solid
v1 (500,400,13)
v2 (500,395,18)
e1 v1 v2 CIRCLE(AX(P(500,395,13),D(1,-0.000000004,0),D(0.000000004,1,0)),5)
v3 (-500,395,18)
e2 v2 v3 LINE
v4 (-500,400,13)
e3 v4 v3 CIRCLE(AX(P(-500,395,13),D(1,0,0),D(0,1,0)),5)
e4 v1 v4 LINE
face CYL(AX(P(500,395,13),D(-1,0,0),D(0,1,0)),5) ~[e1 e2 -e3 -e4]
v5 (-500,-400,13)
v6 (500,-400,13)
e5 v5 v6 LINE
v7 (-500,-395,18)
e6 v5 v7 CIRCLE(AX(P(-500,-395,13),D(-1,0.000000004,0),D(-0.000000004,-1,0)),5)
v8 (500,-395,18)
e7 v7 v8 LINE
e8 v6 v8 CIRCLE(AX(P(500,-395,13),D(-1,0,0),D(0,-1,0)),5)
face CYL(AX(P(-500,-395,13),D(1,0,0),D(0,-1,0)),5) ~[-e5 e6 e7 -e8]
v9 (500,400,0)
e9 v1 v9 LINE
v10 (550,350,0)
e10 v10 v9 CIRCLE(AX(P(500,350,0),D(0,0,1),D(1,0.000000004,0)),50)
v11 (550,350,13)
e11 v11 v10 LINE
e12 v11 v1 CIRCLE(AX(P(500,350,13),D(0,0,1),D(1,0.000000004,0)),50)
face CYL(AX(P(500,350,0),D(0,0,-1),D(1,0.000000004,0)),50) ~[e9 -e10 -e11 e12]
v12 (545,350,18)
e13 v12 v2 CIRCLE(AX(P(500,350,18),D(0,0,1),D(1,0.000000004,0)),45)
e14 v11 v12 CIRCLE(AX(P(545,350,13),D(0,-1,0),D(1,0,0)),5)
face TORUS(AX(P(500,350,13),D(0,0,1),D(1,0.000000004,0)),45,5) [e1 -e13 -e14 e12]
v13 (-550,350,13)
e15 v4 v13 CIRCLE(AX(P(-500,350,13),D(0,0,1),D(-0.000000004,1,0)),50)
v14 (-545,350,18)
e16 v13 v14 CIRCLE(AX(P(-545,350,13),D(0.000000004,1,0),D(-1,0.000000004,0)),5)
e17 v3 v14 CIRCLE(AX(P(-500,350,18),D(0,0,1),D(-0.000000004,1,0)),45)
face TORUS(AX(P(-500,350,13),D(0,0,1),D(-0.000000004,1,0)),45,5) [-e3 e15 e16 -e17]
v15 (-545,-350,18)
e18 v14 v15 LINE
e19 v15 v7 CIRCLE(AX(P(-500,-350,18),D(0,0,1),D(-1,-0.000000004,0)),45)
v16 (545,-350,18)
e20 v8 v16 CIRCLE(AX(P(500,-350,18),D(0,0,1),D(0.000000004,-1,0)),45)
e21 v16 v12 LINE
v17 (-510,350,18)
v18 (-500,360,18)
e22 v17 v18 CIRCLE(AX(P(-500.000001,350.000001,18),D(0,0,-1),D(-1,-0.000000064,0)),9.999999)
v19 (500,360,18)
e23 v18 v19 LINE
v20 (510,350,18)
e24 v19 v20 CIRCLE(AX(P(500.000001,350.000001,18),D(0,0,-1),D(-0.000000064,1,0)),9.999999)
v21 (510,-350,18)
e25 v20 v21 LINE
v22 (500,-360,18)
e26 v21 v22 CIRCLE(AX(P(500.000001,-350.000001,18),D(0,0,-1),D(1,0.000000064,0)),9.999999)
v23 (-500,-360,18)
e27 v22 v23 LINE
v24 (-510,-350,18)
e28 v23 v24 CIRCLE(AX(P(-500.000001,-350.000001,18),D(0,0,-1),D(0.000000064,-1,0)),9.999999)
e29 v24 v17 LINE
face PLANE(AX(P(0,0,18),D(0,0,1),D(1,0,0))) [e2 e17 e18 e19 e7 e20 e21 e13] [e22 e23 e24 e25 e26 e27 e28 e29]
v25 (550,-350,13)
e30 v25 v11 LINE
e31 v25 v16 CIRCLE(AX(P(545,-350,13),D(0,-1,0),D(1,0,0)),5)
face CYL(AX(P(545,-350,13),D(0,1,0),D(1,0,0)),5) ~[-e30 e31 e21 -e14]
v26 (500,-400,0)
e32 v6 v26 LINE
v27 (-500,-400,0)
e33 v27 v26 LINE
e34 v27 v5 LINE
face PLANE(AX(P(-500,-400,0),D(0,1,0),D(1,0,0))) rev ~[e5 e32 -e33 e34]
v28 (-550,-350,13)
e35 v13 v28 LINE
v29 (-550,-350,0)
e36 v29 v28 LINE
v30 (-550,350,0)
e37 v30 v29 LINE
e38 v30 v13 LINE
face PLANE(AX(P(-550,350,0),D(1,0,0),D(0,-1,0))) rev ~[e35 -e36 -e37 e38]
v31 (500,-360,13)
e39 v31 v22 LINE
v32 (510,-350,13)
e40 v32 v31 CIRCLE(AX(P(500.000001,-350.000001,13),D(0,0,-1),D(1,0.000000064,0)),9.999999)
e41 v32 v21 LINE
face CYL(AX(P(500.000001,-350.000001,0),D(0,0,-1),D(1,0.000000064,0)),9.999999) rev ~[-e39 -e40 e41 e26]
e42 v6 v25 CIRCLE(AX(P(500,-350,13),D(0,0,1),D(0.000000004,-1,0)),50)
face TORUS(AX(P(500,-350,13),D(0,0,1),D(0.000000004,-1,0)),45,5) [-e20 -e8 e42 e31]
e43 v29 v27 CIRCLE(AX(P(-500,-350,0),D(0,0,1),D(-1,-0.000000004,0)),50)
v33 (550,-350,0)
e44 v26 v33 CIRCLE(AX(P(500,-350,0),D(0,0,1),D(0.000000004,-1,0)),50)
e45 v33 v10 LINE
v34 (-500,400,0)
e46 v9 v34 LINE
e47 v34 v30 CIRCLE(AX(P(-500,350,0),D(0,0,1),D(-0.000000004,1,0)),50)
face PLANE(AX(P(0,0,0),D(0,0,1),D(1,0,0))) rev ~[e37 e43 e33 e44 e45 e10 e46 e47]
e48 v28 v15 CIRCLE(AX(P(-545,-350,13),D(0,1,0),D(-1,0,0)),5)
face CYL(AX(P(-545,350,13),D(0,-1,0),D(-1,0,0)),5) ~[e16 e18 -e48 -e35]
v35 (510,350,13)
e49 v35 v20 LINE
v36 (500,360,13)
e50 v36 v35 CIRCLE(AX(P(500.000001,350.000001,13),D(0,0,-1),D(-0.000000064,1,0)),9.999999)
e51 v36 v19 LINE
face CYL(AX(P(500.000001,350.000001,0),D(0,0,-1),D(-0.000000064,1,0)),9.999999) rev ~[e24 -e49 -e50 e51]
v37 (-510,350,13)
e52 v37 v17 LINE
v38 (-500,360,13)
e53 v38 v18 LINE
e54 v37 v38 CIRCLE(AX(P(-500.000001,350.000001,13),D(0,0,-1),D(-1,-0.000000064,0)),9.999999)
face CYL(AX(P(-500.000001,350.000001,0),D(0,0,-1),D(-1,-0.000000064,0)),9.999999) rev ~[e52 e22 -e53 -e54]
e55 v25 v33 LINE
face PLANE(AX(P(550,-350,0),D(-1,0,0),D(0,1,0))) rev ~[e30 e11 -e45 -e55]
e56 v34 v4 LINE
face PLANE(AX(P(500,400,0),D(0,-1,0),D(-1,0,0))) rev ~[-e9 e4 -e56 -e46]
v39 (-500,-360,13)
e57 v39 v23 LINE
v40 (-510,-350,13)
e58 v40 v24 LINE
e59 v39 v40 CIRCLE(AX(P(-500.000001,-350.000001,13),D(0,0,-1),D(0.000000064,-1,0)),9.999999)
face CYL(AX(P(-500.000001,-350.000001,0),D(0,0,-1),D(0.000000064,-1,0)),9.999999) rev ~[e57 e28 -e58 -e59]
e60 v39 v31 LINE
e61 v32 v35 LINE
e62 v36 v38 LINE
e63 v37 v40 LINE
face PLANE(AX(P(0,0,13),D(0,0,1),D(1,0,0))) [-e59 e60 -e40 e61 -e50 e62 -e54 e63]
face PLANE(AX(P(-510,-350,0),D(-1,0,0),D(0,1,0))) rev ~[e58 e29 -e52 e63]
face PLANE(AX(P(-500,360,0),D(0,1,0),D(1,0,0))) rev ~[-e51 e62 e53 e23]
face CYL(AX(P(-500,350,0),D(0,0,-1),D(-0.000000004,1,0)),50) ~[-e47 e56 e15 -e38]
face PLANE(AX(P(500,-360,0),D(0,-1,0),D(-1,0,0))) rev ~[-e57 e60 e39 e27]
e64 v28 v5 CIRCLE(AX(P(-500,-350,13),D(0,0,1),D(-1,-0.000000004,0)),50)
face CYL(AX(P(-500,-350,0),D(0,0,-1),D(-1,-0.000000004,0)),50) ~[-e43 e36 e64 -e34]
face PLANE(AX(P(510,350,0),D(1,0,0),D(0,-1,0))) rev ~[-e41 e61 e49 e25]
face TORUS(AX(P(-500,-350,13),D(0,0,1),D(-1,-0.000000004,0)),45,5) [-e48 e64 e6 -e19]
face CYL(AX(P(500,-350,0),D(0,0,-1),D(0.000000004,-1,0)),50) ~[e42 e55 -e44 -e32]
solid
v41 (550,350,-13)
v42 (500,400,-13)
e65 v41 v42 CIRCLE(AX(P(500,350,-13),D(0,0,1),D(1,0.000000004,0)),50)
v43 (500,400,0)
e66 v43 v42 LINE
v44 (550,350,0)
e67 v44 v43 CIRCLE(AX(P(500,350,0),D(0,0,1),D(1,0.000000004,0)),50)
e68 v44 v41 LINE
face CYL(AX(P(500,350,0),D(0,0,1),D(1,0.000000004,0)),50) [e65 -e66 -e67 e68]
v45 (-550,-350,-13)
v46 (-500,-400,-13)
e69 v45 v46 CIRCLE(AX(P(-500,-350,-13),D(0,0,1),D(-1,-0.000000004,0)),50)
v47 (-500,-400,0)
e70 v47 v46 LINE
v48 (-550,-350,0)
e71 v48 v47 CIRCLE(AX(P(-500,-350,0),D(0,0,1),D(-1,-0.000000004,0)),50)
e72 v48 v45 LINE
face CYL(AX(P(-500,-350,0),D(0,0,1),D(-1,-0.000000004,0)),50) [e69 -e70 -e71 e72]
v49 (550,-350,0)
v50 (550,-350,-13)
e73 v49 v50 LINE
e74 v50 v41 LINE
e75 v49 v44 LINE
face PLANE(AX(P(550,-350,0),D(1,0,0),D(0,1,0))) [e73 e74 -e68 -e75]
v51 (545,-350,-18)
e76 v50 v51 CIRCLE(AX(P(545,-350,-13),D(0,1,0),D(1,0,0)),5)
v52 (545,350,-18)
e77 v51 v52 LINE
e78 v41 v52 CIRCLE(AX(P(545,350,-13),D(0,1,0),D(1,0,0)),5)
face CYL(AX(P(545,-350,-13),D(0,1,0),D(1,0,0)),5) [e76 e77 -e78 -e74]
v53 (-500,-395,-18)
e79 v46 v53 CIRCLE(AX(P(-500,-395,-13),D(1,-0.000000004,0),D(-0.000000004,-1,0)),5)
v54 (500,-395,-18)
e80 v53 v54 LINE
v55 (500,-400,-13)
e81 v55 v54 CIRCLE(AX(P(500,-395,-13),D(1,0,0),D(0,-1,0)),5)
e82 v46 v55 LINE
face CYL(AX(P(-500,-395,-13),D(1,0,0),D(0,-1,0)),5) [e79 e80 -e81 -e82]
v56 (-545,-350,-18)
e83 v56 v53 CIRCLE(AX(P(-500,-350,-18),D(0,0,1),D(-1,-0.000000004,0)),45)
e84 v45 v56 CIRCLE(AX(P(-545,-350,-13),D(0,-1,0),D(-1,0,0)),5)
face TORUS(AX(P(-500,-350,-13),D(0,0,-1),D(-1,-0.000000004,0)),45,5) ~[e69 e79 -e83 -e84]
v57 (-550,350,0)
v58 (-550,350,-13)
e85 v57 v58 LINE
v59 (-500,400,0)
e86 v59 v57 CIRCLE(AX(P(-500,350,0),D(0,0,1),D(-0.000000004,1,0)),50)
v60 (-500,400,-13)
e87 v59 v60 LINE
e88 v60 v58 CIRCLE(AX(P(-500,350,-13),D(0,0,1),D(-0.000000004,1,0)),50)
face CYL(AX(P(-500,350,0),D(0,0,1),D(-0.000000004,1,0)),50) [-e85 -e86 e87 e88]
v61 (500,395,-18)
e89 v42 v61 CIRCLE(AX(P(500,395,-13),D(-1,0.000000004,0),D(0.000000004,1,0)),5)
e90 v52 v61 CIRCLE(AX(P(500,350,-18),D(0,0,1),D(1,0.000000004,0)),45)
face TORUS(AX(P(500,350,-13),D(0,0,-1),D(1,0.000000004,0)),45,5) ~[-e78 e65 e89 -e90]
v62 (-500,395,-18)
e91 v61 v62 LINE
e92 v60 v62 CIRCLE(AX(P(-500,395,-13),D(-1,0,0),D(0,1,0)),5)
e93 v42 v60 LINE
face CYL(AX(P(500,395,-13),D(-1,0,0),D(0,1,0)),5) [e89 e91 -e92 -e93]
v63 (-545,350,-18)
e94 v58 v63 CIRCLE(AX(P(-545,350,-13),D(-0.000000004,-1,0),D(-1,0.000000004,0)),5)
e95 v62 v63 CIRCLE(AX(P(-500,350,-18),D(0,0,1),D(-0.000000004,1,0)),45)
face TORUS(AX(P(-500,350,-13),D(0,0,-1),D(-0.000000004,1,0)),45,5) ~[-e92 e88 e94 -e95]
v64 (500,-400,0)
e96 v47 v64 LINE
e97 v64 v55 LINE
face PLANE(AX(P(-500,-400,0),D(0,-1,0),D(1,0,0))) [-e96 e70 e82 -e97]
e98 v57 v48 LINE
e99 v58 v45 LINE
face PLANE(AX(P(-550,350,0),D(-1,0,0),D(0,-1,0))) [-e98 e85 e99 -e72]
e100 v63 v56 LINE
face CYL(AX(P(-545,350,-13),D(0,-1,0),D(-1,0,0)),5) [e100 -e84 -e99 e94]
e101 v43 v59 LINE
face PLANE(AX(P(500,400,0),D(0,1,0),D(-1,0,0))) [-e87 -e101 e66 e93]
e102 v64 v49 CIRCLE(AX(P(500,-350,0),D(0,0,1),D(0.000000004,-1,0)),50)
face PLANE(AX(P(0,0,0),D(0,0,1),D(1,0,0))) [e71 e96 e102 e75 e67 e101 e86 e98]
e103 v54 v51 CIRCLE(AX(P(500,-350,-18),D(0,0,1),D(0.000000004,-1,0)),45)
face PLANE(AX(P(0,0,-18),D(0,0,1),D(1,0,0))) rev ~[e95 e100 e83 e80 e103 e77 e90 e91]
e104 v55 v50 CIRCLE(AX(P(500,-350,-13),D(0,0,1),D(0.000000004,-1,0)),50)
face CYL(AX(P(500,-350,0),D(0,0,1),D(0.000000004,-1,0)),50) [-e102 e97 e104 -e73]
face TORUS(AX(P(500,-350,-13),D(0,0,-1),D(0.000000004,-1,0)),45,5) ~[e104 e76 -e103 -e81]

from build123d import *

# Parameters (mm, degrees)
F1_DEPTH = 13
F2_DEPTH = 18
F3_DEPTH = 18
F4_R     = 5
F5_R     = 5


with BuildPart() as f1:
    # F0 (on Top) → F1 (new body)
    with BuildSketch(Plane.XY):
        with BuildLine():
            Line((500, 400), (-500, 400))
            ThreePointArc((-500, 400), (-535.355339, 385.355339), (-550, 350))
            Line((-550, 350), (-550, -350))
            ThreePointArc((-550, -350), (-535.355339, -385.355339), (-500, -400))
            Line((-500, -400), (500, -400))
            ThreePointArc((500, -400), (535.355339, -385.355339), (550, -350))
            Line((550, -350), (550, 350))
            ThreePointArc((550, 350), (535.355339, 385.355339), (500, 400))
        make_face()
        with BuildLine():
            ThreePointArc((-510, 350), (-507.071068, 357.071068), (-500, 360))
            Line((-500, 360), (500, 360))
            ThreePointArc((500, 360), (507.071068, 357.071068), (510, 350))
            Line((510, 350), (510, -350))
            ThreePointArc((510, -350), (507.071068, -357.071068), (500, -360))
            Line((500, -360), (-500, -360))
            ThreePointArc((-500, -360), (-507.071068, -357.071068), (-510, -350))
            Line((-510, -350), (-510, 350))
        make_face(mode=Mode.SUBTRACT)
        with BuildLine():
            Line((500, 360), (-500, 360))
            ThreePointArc((-500, 360), (-507.071068, 357.071068), (-510, 350))
            Line((-510, 350), (-510, -350))
            ThreePointArc((-510, -350), (-507.071068, -357.071068), (-500, -360))
            Line((-500, -360), (500, -360))
            ThreePointArc((500, -360), (507.071068, -357.071068), (510, -350))
            Line((510, -350), (510, 350))
            ThreePointArc((510, 350), (507.071068, 357.071068), (500, 360))
        make_face()
    extrude(amount=F1_DEPTH)

    # F0 (on Top) → F2 (join)
    with BuildSketch(Plane.XY):
        with BuildLine():
            Line((500, 400), (-500, 400))
            ThreePointArc((-500, 400), (-535.355339, 385.355339), (-550, 350))
            Line((-550, 350), (-550, -350))
            ThreePointArc((-550, -350), (-535.355339, -385.355339), (-500, -400))
            Line((-500, -400), (500, -400))
            ThreePointArc((500, -400), (535.355339, -385.355339), (550, -350))
            Line((550, -350), (550, 350))
            ThreePointArc((550, 350), (535.355339, 385.355339), (500, 400))
        make_face()
        with BuildLine():
            ThreePointArc((-510, 350), (-507.071068, 357.071068), (-500, 360))
            Line((-500, 360), (500, 360))
            ThreePointArc((500, 360), (507.071068, 357.071068), (510, 350))
            Line((510, 350), (510, -350))
            ThreePointArc((510, -350), (507.071068, -357.071068), (500, -360))
            Line((500, -360), (-500, -360))
            ThreePointArc((-500, -360), (-507.071068, -357.071068), (-510, -350))
            Line((-510, -350), (-510, 350))
        make_face(mode=Mode.SUBTRACT)
    extrude(amount=F2_DEPTH)

    # F4
    f4_edges = [f1.edges().sort_by_distance(p)[0] for p in [
        (550, 0, 18),
    ]]
    fillet(f4_edges, radius=F4_R)


with BuildPart() as f3:
    # F0 (on Top) → F3 (new body)
    with BuildSketch(Plane.XY):
        with BuildLine():
            Line((500, 400), (-500, 400))
            ThreePointArc((-500, 400), (-535.355339, 385.355339), (-550, 350))
            Line((-550, 350), (-550, -350))
            ThreePointArc((-550, -350), (-535.355339, -385.355339), (-500, -400))
            Line((-500, -400), (500, -400))
            ThreePointArc((500, -400), (535.355339, -385.355339), (550, -350))
            Line((550, -350), (550, 350))
            ThreePointArc((550, 350), (535.355339, 385.355339), (500, 400))
        make_face()
        with BuildLine():
            ThreePointArc((-510, 350), (-507.071068, 357.071068), (-500, 360))
            Line((-500, 360), (500, 360))
            ThreePointArc((500, 360), (507.071068, 357.071068), (510, 350))
            Line((510, 350), (510, -350))
            ThreePointArc((510, -350), (507.071068, -357.071068), (500, -360))
            Line((500, -360), (-500, -360))
            ThreePointArc((-500, -360), (-507.071068, -357.071068), (-510, -350))
            Line((-510, -350), (-510, 350))
        make_face(mode=Mode.SUBTRACT)
        with BuildLine():
            Line((500, 360), (-500, 360))
            ThreePointArc((-500, 360), (-507.071068, 357.071068), (-510, 350))
            Line((-510, 350), (-510, -350))
            ThreePointArc((-510, -350), (-507.071068, -357.071068), (-500, -360))
            Line((-500, -360), (500, -360))
            ThreePointArc((500, -360), (507.071068, -357.071068), (510, -350))
            Line((510, -350), (510, 350))
            ThreePointArc((510, 350), (507.071068, 357.071068), (500, 360))
        make_face()
    extrude(amount=-F3_DEPTH)

    # F5
    f5_edges = [f3.edges().sort_by_distance(p)[0] for p in [
        (550, 0, -18),
    ]]
    fillet(f5_edges, radius=F5_R)


solid = Compound([f1.part, f3.part])
